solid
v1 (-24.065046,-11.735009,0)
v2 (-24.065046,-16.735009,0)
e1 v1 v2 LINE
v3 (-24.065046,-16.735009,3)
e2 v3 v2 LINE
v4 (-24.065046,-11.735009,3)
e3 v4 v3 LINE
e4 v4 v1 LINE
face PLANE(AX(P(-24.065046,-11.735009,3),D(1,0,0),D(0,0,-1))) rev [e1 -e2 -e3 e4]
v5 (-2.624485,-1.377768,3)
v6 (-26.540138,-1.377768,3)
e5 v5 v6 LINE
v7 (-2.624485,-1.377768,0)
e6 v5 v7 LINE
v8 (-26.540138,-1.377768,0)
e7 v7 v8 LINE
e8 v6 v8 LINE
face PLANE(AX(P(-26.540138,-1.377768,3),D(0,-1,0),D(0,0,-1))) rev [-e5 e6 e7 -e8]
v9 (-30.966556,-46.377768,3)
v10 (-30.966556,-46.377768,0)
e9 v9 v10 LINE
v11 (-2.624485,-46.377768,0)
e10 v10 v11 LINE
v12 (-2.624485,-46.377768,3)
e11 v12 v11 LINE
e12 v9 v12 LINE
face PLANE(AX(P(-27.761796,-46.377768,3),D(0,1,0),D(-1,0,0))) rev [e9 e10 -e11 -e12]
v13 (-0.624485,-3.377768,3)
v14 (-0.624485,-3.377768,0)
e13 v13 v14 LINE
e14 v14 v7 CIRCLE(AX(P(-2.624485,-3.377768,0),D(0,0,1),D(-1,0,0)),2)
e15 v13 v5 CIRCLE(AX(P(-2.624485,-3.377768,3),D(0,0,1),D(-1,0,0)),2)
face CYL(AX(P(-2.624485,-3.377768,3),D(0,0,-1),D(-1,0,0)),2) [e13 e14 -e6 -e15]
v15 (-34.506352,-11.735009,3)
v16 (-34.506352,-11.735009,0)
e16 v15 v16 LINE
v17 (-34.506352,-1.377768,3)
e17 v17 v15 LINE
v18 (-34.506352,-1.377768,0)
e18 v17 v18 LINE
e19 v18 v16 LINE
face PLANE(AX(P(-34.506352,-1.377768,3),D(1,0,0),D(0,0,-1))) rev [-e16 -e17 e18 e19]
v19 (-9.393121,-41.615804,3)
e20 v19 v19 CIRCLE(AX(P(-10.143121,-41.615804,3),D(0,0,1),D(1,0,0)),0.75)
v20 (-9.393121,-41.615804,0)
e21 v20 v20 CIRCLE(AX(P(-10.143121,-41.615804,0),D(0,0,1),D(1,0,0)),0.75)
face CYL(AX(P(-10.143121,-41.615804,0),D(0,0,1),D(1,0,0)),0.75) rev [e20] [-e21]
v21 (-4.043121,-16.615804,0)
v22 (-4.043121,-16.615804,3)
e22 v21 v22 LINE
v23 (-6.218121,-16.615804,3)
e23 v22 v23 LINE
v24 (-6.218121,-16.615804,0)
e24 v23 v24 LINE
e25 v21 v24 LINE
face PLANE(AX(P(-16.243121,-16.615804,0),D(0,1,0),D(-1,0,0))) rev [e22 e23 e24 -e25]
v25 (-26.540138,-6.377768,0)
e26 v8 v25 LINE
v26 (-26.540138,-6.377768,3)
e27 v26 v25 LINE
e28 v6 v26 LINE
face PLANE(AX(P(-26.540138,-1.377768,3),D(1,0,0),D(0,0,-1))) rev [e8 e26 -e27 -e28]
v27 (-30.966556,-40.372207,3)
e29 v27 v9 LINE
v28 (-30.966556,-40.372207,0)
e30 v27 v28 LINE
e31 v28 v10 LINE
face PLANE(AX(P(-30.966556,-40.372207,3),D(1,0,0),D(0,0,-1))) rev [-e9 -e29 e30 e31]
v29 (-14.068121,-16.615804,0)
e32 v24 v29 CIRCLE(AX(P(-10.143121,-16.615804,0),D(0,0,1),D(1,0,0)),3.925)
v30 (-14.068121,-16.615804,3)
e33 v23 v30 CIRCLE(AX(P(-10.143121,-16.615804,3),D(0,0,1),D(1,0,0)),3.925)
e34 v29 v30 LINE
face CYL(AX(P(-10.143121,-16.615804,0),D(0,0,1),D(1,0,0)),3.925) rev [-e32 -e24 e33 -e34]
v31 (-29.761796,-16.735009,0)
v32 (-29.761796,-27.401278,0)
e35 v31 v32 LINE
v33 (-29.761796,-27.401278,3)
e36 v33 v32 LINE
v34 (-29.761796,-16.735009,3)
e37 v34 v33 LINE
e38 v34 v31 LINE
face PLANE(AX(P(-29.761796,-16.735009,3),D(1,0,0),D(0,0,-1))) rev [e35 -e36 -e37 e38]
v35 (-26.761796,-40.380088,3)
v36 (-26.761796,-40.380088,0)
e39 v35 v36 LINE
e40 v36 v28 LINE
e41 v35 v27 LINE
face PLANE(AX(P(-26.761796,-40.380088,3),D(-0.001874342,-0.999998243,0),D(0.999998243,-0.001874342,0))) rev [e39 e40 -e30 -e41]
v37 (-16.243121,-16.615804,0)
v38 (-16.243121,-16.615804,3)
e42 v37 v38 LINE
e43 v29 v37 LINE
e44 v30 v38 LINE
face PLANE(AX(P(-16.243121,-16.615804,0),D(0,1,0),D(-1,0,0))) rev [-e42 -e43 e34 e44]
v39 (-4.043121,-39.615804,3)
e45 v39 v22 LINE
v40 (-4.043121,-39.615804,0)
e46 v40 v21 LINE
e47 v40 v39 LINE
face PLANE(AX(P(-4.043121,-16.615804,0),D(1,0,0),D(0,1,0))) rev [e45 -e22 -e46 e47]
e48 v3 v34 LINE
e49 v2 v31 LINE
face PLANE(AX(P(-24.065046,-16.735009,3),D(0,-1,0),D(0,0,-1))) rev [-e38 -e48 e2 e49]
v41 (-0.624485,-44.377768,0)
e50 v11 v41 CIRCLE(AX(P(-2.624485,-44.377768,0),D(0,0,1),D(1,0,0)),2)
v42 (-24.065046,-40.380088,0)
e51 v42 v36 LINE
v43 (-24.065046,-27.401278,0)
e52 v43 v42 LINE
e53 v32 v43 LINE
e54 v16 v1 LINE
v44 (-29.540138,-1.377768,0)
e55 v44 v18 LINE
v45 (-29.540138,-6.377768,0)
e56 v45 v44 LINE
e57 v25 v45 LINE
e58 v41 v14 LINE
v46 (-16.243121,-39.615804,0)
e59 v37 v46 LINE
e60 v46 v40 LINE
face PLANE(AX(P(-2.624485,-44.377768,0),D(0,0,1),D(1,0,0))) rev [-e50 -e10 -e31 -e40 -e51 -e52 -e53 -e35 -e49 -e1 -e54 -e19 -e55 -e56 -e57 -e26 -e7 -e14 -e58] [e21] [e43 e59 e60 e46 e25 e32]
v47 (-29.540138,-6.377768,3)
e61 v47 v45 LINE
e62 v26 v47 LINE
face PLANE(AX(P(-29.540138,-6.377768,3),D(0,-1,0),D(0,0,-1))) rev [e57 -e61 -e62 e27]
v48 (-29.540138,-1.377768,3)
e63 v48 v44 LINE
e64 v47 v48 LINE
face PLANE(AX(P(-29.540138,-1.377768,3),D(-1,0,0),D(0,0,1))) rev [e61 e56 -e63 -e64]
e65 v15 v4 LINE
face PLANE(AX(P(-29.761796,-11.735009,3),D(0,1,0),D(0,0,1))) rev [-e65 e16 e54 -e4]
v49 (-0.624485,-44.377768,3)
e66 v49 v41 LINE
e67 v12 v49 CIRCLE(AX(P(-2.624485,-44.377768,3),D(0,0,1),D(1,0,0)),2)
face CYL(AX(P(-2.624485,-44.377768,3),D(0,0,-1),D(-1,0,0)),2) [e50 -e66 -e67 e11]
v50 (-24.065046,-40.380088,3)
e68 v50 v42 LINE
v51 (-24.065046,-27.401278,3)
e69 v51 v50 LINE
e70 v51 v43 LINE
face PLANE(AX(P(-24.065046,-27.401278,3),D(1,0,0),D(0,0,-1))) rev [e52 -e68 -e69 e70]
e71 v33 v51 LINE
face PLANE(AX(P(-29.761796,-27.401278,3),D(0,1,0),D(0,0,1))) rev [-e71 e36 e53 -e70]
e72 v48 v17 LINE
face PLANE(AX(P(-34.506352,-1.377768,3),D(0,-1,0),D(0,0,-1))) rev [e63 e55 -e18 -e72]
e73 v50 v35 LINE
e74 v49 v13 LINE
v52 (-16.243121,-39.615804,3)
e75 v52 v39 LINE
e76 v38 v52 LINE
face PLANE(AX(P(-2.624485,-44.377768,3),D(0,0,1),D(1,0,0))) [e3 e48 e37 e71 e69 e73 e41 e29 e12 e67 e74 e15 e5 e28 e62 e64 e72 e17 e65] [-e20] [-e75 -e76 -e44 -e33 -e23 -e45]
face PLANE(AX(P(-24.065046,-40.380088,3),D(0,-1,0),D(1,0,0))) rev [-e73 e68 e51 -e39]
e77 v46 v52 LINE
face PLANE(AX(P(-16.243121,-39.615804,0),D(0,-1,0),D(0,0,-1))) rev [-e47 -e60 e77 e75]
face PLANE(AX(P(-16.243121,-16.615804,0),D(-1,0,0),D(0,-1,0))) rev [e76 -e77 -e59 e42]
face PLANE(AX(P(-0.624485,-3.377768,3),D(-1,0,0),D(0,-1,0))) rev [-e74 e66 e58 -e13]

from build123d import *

# Parameters (mm, degrees)
BOSS_EXTRUDE1_DEPTH = 3
SKETCH2_W           = 12.2
SKETCH2_H           = 23
CUT_EXTRUDE1_DEPTH  = 4
SKETCH5_R           = 3.925
SKETCH5_R_2         = 0.75
CUT_EXTRUDE2_DEPTH  = 3


with BuildPart() as part:
    # Sketch1 → Boss-Extrude1 (new body)
    with BuildSketch(Plane.XY):
        with BuildLine():
            Line((-29.761795946, -16.735008518), (-29.761795946, -27.401277683))
            Line((-29.761795946, -27.401277683), (-24.065046346, -27.401277683))
            Line((-24.065046346, -27.401277683), (-24.065046346, -40.380088331))
            Line((-24.065046346, -40.380088331), (-26.761795946, -40.380088331))
            Line((-26.761795946, -40.380088331), (-30.96655582, -40.372207157))
            Line((-30.96655582, -40.372207157), (-30.96655582, -46.377768313))
            Line((-30.96655582, -46.377768313), (-27.761795946, -46.377768313))
            Line((-27.761795946, -46.377768313), (-2.624484573, -46.377768313))
            ThreePointArc((-2.624484573, -46.377768313), (-1.210271011, -45.791981876), (-0.624484573, -44.377768313))
            Line((-0.624484573, -44.377768313), (-0.624484573, -3.377768313))
            ThreePointArc((-0.624484573, -3.377768313), (-1.210271011, -1.963554751), (-2.624484573, -1.377768313))
            Line((-2.624484573, -1.377768313), (-26.540138154, -1.377768313))
            Line((-26.540138154, -1.377768313), (-26.540138154, -6.377768313))
            Line((-26.540138154, -6.377768313), (-29.540138154, -6.377768313))
            Line((-29.540138154, -6.377768313), (-29.540138154, -1.377768313))
            Line((-29.540138154, -1.377768313), (-34.506351605, -1.377768313))
            Line((-34.506351605, -1.377768313), (-34.506351605, -11.735008518))
            Line((-34.506351605, -11.735008518), (-29.761795946, -11.735008518))
            Line((-29.761795946, -11.735008518), (-24.065046346, -11.735008518))
            Line((-24.065046346, -11.735008518), (-24.065046346, -16.735008518))
            Line((-24.065046346, -16.735008518), (-29.761795946, -16.735008518))
        make_face()
    extrude(amount=BOSS_EXTRUDE1_DEPTH)

    # Sketch2 → Cut-Extrude1 (cut, through all)
    with BuildSketch(Plane.XY.offset(3)):
        with Locations((-10.143120504, -28.115803741)):
            Rectangle(SKETCH2_W, SKETCH2_H)
    extrude(amount=-CUT_EXTRUDE1_DEPTH, mode=Mode.SUBTRACT)

    # Sketch5 → Cut-Extrude2 (cut)
    with BuildSketch(Plane.XY.offset(3)):
        with Locations((-10.143120504, -16.615803741)):
            Circle(SKETCH5_R)
        with Locations((-10.143120504, -41.615803741)):
            Circle(SKETCH5_R_2)
    extrude(amount=-CUT_EXTRUDE2_DEPTH, mode=Mode.SUBTRACT)


solid = part.part
